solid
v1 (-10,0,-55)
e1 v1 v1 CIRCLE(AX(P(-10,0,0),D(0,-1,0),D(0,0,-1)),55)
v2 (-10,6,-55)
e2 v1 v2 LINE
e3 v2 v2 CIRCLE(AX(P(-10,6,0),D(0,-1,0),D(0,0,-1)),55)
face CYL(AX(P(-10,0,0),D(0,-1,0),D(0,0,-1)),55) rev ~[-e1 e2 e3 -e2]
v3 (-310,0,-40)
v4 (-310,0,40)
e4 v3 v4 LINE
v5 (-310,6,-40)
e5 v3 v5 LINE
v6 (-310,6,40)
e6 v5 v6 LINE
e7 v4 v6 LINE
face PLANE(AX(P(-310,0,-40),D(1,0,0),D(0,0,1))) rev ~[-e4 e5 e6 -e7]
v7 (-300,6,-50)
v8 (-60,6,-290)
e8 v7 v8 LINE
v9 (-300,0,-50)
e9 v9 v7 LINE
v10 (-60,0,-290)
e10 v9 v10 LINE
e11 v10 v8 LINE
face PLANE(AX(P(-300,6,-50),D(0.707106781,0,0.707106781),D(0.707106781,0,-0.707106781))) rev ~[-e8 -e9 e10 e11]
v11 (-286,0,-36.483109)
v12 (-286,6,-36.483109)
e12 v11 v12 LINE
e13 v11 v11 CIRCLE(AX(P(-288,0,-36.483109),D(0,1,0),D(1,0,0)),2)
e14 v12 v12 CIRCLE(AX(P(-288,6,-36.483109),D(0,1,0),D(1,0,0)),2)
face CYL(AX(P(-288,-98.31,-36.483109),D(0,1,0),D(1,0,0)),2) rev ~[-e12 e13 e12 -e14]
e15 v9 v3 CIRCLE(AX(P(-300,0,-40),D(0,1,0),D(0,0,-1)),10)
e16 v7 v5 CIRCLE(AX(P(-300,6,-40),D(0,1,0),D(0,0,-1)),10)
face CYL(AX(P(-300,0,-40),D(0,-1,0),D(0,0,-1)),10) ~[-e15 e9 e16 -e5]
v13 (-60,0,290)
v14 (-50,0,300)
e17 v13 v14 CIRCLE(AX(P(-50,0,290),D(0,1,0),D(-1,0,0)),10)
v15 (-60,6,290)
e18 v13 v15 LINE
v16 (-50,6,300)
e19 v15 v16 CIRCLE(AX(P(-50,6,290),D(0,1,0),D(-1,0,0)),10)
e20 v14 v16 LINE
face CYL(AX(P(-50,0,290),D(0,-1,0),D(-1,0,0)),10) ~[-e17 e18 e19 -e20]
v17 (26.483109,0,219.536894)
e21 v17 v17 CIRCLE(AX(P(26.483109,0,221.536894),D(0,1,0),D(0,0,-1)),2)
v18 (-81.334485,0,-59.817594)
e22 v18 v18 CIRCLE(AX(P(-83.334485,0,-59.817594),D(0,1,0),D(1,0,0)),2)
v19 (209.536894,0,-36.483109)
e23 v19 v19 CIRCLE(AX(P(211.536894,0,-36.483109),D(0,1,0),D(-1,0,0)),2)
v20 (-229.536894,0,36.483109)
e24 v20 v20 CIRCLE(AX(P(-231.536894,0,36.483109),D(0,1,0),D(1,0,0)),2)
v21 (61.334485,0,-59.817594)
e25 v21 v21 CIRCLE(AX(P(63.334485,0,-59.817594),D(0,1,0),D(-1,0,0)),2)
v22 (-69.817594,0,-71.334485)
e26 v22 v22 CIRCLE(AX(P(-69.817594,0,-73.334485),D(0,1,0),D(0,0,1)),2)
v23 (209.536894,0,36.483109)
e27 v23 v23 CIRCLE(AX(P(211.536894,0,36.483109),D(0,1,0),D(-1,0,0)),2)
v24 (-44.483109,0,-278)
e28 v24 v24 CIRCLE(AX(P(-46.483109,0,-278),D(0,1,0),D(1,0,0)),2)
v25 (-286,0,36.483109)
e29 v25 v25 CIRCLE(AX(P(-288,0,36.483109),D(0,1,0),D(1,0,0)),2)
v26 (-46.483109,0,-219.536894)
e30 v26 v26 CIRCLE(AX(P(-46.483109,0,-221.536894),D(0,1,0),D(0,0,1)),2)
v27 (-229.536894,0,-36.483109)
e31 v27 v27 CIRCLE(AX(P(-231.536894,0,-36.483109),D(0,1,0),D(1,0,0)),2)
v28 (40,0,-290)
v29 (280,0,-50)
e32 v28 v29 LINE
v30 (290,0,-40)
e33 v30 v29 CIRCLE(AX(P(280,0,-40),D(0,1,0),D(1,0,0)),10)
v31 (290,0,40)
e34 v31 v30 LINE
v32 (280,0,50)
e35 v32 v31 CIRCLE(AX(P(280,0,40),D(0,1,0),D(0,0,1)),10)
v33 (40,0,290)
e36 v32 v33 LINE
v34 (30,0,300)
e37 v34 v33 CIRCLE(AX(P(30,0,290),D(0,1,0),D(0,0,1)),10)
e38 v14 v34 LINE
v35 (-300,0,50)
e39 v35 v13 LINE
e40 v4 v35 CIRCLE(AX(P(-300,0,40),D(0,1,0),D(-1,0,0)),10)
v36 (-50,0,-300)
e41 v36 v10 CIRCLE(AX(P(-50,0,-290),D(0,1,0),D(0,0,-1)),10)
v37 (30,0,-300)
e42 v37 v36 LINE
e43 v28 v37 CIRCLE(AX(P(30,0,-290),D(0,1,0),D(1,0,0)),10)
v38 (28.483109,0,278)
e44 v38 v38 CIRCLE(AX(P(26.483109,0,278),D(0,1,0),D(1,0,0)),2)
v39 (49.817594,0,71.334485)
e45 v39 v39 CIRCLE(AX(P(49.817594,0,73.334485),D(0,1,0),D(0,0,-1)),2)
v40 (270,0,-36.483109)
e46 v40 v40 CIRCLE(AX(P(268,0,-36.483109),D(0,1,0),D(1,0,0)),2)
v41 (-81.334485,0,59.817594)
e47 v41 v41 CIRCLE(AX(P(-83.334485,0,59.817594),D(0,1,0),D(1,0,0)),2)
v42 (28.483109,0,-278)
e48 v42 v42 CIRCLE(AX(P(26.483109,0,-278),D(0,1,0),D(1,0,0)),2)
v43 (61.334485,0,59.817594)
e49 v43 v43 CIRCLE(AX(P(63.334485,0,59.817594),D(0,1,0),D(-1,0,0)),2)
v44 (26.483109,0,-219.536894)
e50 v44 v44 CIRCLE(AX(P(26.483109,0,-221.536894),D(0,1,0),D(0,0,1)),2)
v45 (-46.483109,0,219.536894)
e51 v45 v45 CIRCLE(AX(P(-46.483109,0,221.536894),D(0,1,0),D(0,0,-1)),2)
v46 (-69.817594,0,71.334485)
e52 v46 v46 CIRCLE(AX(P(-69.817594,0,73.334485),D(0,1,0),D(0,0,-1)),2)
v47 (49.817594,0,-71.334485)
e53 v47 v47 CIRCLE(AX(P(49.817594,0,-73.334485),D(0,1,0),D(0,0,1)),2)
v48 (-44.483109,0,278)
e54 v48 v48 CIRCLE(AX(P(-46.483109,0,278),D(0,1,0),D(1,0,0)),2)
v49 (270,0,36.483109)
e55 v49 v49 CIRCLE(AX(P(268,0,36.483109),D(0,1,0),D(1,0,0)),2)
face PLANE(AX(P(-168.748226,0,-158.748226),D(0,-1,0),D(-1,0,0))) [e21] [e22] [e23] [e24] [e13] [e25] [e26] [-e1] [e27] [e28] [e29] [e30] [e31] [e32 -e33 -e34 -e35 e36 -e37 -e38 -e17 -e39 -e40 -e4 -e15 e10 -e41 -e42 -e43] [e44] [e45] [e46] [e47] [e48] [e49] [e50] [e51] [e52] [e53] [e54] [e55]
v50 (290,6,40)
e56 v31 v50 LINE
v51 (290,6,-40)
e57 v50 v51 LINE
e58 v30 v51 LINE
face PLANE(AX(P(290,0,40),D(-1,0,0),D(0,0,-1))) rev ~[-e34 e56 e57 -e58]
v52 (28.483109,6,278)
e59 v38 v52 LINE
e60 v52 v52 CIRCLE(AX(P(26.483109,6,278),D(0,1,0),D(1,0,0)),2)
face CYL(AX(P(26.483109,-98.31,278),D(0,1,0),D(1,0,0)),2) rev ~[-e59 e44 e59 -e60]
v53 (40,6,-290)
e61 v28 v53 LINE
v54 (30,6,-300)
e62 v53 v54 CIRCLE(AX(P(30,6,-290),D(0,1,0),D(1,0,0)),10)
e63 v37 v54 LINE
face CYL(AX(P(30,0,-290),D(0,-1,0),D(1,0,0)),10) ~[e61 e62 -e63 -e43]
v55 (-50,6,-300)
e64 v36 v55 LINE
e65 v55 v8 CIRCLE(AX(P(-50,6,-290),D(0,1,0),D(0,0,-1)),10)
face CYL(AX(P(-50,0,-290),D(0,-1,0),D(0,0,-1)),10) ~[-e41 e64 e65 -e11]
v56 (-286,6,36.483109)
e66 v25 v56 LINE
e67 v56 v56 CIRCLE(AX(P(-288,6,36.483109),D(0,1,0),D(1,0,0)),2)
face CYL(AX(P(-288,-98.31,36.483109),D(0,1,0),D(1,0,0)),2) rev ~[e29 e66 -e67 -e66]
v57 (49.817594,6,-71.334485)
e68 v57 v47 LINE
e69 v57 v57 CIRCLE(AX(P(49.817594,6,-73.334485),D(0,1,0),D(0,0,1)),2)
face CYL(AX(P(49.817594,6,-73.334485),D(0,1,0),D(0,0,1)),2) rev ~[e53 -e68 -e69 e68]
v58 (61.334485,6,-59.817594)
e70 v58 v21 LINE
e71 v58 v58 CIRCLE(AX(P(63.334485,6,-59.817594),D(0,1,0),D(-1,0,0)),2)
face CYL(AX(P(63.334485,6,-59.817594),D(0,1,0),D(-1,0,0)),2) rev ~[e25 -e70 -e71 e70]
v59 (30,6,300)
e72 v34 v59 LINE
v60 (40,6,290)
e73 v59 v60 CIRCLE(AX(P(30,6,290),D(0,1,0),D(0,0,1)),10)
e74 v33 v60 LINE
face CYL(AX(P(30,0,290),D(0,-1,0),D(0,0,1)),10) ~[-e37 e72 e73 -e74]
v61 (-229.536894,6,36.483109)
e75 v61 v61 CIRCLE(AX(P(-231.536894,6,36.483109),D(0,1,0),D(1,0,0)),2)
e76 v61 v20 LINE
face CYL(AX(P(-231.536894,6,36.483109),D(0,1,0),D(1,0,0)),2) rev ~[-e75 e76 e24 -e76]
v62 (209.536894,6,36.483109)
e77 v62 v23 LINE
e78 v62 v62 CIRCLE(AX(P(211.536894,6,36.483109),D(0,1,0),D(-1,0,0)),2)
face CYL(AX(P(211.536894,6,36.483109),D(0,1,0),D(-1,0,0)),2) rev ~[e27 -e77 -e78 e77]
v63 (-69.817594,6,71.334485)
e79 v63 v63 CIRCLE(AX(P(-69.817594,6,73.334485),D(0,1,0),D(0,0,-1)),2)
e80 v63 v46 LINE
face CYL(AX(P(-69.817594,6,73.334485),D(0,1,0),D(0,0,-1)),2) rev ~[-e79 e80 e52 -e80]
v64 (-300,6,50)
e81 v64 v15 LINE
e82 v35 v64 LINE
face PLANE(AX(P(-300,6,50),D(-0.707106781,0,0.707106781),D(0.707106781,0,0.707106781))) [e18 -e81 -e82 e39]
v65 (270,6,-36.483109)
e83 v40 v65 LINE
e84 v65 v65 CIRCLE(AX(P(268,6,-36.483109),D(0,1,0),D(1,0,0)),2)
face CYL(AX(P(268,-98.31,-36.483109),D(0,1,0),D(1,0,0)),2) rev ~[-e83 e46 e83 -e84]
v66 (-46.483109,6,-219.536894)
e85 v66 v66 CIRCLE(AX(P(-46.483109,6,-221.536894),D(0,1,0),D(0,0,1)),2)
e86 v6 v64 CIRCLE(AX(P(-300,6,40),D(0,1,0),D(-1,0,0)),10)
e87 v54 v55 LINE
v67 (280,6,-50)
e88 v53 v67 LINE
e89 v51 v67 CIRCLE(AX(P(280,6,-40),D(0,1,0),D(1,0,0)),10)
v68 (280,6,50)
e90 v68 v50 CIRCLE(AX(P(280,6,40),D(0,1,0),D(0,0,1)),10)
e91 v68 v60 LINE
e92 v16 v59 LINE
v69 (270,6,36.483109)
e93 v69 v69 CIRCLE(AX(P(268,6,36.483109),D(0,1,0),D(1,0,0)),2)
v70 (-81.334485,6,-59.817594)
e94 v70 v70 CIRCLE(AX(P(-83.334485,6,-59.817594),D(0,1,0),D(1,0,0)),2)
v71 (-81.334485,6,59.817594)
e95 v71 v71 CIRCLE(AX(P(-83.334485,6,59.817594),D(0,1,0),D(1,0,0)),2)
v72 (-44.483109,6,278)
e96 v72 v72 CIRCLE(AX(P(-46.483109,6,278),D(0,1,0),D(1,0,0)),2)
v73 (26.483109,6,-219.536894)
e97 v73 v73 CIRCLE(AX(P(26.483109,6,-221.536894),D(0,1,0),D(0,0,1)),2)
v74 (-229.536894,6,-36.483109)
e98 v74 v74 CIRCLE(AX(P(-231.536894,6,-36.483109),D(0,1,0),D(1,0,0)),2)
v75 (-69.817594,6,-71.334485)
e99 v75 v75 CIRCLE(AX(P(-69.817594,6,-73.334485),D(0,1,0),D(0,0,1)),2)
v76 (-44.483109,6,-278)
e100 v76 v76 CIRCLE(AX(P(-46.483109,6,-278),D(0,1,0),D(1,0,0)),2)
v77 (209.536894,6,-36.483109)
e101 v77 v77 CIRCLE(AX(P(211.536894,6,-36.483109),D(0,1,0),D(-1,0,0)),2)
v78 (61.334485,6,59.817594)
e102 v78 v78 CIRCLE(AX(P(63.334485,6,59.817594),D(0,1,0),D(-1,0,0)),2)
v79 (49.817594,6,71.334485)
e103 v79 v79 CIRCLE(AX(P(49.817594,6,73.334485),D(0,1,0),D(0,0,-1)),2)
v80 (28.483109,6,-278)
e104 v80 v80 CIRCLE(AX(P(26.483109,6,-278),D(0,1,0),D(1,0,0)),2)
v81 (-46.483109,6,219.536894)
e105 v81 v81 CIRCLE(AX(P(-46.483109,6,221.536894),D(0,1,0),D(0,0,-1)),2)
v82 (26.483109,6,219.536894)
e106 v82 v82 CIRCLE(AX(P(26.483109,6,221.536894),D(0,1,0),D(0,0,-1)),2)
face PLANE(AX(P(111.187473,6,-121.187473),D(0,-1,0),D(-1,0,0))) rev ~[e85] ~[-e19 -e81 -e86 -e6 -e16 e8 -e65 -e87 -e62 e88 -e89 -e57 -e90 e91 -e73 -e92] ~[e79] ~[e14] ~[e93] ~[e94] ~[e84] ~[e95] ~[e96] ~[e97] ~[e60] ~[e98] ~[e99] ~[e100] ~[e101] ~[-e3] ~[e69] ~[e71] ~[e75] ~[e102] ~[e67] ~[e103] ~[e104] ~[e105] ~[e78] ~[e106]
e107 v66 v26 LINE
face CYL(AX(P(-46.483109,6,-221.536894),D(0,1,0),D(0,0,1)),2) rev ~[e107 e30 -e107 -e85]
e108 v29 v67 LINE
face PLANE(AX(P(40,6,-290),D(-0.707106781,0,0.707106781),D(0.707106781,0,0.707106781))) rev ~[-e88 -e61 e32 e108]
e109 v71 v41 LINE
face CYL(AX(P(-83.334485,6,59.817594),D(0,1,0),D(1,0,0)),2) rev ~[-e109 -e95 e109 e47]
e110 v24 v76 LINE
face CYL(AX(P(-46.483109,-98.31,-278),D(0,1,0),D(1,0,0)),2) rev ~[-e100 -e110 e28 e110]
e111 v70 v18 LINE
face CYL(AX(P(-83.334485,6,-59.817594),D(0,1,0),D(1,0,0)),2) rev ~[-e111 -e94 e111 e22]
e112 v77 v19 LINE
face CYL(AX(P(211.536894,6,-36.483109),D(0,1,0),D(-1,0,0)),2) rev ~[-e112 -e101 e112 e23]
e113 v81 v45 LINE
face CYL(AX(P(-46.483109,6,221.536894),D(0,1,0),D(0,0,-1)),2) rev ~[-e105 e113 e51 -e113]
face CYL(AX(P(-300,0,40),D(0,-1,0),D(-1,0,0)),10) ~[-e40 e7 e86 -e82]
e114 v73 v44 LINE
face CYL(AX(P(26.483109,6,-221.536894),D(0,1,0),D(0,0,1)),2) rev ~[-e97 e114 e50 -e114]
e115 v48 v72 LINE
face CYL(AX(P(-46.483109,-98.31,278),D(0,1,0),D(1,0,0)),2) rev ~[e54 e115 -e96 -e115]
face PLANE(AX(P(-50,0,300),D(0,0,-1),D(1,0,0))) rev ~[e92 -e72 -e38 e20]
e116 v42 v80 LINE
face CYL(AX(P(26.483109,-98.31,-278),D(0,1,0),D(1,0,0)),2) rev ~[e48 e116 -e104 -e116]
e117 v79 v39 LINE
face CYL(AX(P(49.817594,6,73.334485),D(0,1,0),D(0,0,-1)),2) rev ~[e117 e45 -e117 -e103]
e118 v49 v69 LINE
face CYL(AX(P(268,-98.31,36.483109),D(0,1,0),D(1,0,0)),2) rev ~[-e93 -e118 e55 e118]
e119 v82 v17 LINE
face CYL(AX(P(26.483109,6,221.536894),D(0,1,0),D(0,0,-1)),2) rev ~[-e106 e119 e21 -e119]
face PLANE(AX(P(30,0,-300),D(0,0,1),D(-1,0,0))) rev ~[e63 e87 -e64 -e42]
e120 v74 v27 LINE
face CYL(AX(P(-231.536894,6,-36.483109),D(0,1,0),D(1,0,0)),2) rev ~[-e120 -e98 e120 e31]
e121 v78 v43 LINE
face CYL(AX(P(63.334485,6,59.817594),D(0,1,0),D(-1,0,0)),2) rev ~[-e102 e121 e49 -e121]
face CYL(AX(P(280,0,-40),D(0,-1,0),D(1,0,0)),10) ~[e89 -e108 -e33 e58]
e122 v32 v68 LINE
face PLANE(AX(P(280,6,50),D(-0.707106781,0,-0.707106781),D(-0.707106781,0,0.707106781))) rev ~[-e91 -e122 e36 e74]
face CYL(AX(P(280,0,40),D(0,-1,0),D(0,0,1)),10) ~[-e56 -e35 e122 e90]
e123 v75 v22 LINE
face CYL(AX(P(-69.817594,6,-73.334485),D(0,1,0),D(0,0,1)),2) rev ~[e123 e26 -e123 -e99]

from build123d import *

# Parameters (mm, degrees)
BOSS_EXTRUDE1_DEPTH       = 6
SKETCH4_R                 = 0.495653738
CUT_EXTRUDE3_DEPTH        = 10
BOSS_EXTRUDE3_DEPTH       = 6
SKETCH6_R                 = 2
SKETCH6_R_2               = 4
CUT_EXTRUDE4_DEPTH        = 12
CIRPATTERN1_COUNT         = 4
BOSS_EXTRUDE4_DEPTH       = 6
F_4_0MM_DOWEL_HOLE5_D     = 4
F_4_0MM_DOWEL_HOLE5_DEPTH = 25.4
F_4_0MM_DOWEL_HOLE5_TIP   = 1.201721238
F_4_0MM_DOWEL_HOLE4_D     = 4
F_4_0MM_DOWEL_HOLE4_DEPTH = 98.31
F_4_0MM_DOWEL_HOLE4_TIP   = 1.201721238
SKETCH31_R                = 55
CUT_EXTRUDE7_DEPTH        = 22
SKETCH32_R                = 3.837227577
SKETCH32_R_2              = 3.691246821
SKETCH32_R_3              = 4.005777273
SKETCH32_R_4              = 3.413782358
SKETCH32_R_5              = 2.946286388
SKETCH32_R_6              = 2.662859758
SKETCH32_R_7              = 3.21029216
SKETCH32_R_8              = 3.304223232
SKETCH32_R_9              = 3.416276983
SKETCH32_R_10             = 5.576814982
SKETCH32_R_11             = 3.327214885
SKETCH32_R_12             = 3.217650006
SKETCH32_R_13             = 3.084152149
SKETCH32_R_14             = 2.850354754
SKETCH32_R_15             = 3.581653386
SKETCH32_R_16             = 3.209735743
SKETCH32_R_17             = 5.223630371
SKETCH32_R_18             = 3.239996293
SKETCH32_R_19             = 6.217574628
SKETCH32_R_20             = 3.281482388
SKETCH32_R_21             = 4.010466873
SKETCH32_R_22             = 4.080831309
SKETCH32_R_23             = 4.290737966
SKETCH32_R_24             = 4.085305416
SKETCH32_R_25             = 4.488085615
SKETCH32_R_26             = 4.89911642
SKETCH32_R_27             = 5.474778022
SKETCH32_R_28             = 7.813771611
SKETCH32_R_29             = 3.187569437
SKETCH32_R_30             = 2.929784552
SKETCH32_R_31             = 4.009606332
SKETCH32_R_32             = 4.090801563
BOSS_EXTRUDE5_DEPTH       = 6


with BuildPart() as part:
    # Sketch1 → Boss-Extrude1 (new body)
    with BuildSketch(Plane(origin=(0, 0, 0), x_dir=(1, 0, 0), z_dir=(0, 1, 0))):
        with BuildLine():
            Line((-110, 50), (-300, 50))
            ThreePointArc((-300, 50), (-307.071067812, 47.071067812), (-310, 40))
            Line((-310, 40), (-310, -40))
            ThreePointArc((-310, -40), (-307.071067812, -47.071067812), (-300, -50))
            Line((-300, -50), (-110, -50))
            Line((-110, -50), (-60, -100))
            Line((-60, -100), (-60, -290))
            ThreePointArc((-60, -290), (-57.071067812, -297.071067812), (-50, -300))
            Line((-50, -300), (30, -300))
            ThreePointArc((30, -300), (37.071067812, -297.071067812), (40, -290))
            Line((40, -290), (40, -100))
            Line((40, -100), (90, -50))
            Line((90, -50), (280, -50))
            ThreePointArc((280, -50), (287.071067812, -47.071067812), (290, -40))
            Line((290, -40), (290, 40))
            ThreePointArc((290, 40), (287.071067812, 47.071067812), (280, 50))
            Line((280, 50), (90, 50))
            Line((90, 50), (40, 100))
            Line((40, 100), (40, 290))
            ThreePointArc((40, 290), (37.071067812, 297.071067812), (30, 300))
            Line((30, 300), (-50, 300))
            ThreePointArc((-50, 300), (-57.071067812, 297.071067812), (-60, 290))
            Line((-60, 290), (-60, 100))
            Line((-60, 100), (-110, 50))
        make_face()
    extrude(amount=BOSS_EXTRUDE1_DEPTH)

    # Sketch4 → Cut-Extrude3 (cut)
    with BuildSketch(Plane(origin=(0, 6, 0), x_dir=(1, 0, 0), z_dir=(0, 1, 0))):
        with Locations(Location((-10, 0, 0), (0, 0, 270))):
            Circle(SKETCH4_R)
    extrude(amount=-CUT_EXTRUDE3_DEPTH, mode=Mode.SUBTRACT)

    # Sketch5 → Boss-Extrude3 (add)
    with BuildSketch(Plane(origin=(0, 6, 0), x_dir=(1, 0, 0), z_dir=(0, 1, 0))):
        Polygon((-300, 50), (-60, 290), (-60, 240), (-250, 50), align=None)
        Polygon((40, 290), (280, 50), (230, 50), (40, 240), align=None)
        Polygon((280, -50), (40, -290), (40, -240), (230, -49.07797178), align=None)
        Polygon((-300, -50), (-60, -290), (-60, -240), (-250, -50), align=None)
    extrude(amount=-BOSS_EXTRUDE3_DEPTH)

    # Sketch6 → Cut-Extrude4 (cut)
    with BuildSketch(Plane(origin=(0, 6, 0), x_dir=(1, 0, 0), z_dir=(0, 1, 0))):
        with Locations(Location((-37.824146891, 287.83697558, 0), (0, 0, 270))):
            Circle(SKETCH6_R)
        with Locations(Location((-37.824146891, 272.83697558, 0), (0, 0, 270))):
            Circle(SKETCH6_R)
        with Locations(Location((-46.483109463, 221.536893944, 0), (0, 0, 270))):
            Circle(SKETCH6_R)
        with Locations(Location((-46.483109463, 135.06793836, 0), (0, 0, 270))):
            Circle(SKETCH6_R)
        with Locations(Location((-69.817594081, 73.334484618, 0), (0, 0, 270))):
            Circle(SKETCH6_R)
        with Locations(Location((49.817594081, 73.334484618, 0), (0, 0, 270))):
            Circle(SKETCH6_R)
        with Locations(Location((26.483109463, 135.06793836, 0), (0, 0, 270))):
            Circle(SKETCH6_R)
        with Locations(Location((26.483109463, 221.536893944, 0), (0, 0, 270))):
            Circle(SKETCH6_R)
        with Locations(Location((191.360389693, 113.639610307, 0), (0, 0, 270))):
            Circle(SKETCH6_R)
        with Locations(Location((128.639610307, 176.360389693, 0), (0, 0, 270))):
            Circle(SKETCH6_R)
        with Locations(Location((17.824146891, 272.83697558, 0), (0, 0, 270))):
            Circle(SKETCH6_R)
        with Locations(Location((17.824146891, 287.83697558, 0), (0, 0, 270))):
            Circle(SKETCH6_R)
        with Locations(Location((-10, 0, 0), (0, 0, 270))):
            Circle(SKETCH6_R_2)
    cut_extrude4 = extrude(amount=-CUT_EXTRUDE4_DEPTH, mode=Mode.SUBTRACT)

    # CirPattern1: Cut-Extrude4 ×4 about axis
    cirpattern1_axis = Axis((-10, 0, 0), (0, 1, 0))
    for i in range(1, CIRPATTERN1_COUNT):
        add(cut_extrude4.rotate(cirpattern1_axis, i * 360 / CIRPATTERN1_COUNT), mode=Mode.SUBTRACT)

    # Sketch7 → Boss-Extrude4 (add)
    with BuildSketch(Plane(origin=(0, 6, 0), x_dir=(1, 0, 0), z_dir=(0, 1, 0))):
        Polygon((40, 240), (230, 50), (90, 50), (40, 100), align=None)
        Polygon((90, -50), (229.082424571, -50), (40, -240), (40, -100), align=None)
        Polygon((-60, 240), (-60, 100), (-110, 50), (-250, 50), align=None)
        Polygon((-110, -50), (-60, -100), (-60, -240), (-250, -50), align=None)
    extrude(amount=-BOSS_EXTRUDE4_DEPTH)

    # Ø4.0mm Dowel Hole5
    with Locations(Plane(origin=(0, 6, 0), x_dir=(1, 0, 0), z_dir=(0, 1, 0))):
        with Locations((-29.100763253, 23.781275186), (32.712886556, 23.781275186), (31.383087371, -32.5), (-30.430562437, -32.5)):
            Hole(F_4_0MM_DOWEL_HOLE5_D / 2, depth=F_4_0MM_DOWEL_HOLE5_DEPTH)
            with Locations((0, 0, -(F_4_0MM_DOWEL_HOLE5_DEPTH + F_4_0MM_DOWEL_HOLE5_TIP / 2))):  # 118° drill point
                Cone(0, F_4_0MM_DOWEL_HOLE5_D / 2, F_4_0MM_DOWEL_HOLE5_TIP, mode=Mode.SUBTRACT)

    # Ø4.0mm Dowel Hole4
    with Locations(Plane(origin=(0, 0, 0), x_dir=(-1, 0, 0), z_dir=(0, -1, 0))):
        with Locations((46.483109463, -278), (-26.483109463, -278), (-268, -36.483109463), (-268, 36.483109463), (-26.483109463, 278), (46.483109463, 278), (288, 36.483109463), (288, -36.483109463)):
            Hole(F_4_0MM_DOWEL_HOLE4_D / 2, depth=F_4_0MM_DOWEL_HOLE4_DEPTH)
            with Locations((0, 0, -(F_4_0MM_DOWEL_HOLE4_DEPTH + F_4_0MM_DOWEL_HOLE4_TIP / 2))):  # 118° drill point
                Cone(0, F_4_0MM_DOWEL_HOLE4_D / 2, F_4_0MM_DOWEL_HOLE4_TIP, mode=Mode.SUBTRACT)

    # Sketch31 → Cut-Extrude7 (cut)
    with BuildSketch(Plane.XZ):
        with Locations(Location((-10, 0, 0), (0, 0, 270))):
            Circle(SKETCH31_R)
    extrude(amount=-CUT_EXTRUDE7_DEPTH, mode=Mode.SUBTRACT)

    # Sketch32 → Boss-Extrude5 (add)
    with BuildSketch(Plane.XZ):
        with Locations((-148.639610307, 176.360389693)):
            Circle(SKETCH32_R)
        with Locations((-211.360389693, 113.639610307)):
            Circle(SKETCH32_R_2)
        with Locations((-282.83697558, 27.824146891)):
            Circle(SKETCH32_R_3)
        with Locations((-297.83697558, 27.824146891)):
            Circle(SKETCH32_R_4)
        with Locations((-297.83697558, -27.824146891)):
            Circle(SKETCH32_R_5)
        with Locations((-282.83697558, -27.824146891)):
            Circle(SKETCH32_R_6)
        with Locations((-145.06793836, -36.483109463)):
            Circle(SKETCH32_R_7)
        with Locations((-145.06793836, 36.457377156)):
            Circle(SKETCH32_R_8)
        with Locations((-186.360389693, -138.639610307)):
            Circle(SKETCH32_R_9)
        with Locations((-123.838638112, -202.788762732)):
            Circle(SKETCH32_R_10)
        with Locations((-37.824146891, -272.83697558)):
            Circle(SKETCH32_R_11)
        with Locations((-37.824146891, -287.83697558)):
            Circle(SKETCH32_R_12)
        with Locations((17.824146891, -287.83697558)):
            Circle(SKETCH32_R_13)
        with Locations((17.824146891, -272.83697558)):
            Circle(SKETCH32_R_14)
        with Locations((26.483109463, -135.06793836)):
            Circle(SKETCH32_R_15)
        with Locations((-46.483109463, -135.06793836)):
            Circle(SKETCH32_R_16)
        with Locations((128.639610307, -176.360389693)):
            Circle(SKETCH32_R_17)
        with Locations((125.06793836, -37.248921052)):
            Circle(SKETCH32_R_18)
        with Locations((190.399105171, -114.010951532)):
            Circle(SKETCH32_R_19)
        with Locations((125.253969426, 35.650797055)):
            Circle(SKETCH32_R_20)
        with Locations((277.982195025, 26.611427969)):
            Circle(SKETCH32_R_21)
        with Locations((262.862191843, 26.611427969)):
            Circle(SKETCH32_R_22)
        with Locations((261.817821155, -27.824146891)):
            Circle(SKETCH32_R_23)
        with Locations((277.008476777, -28.651243723)):
            Circle(SKETCH32_R_24)
        with Locations((25.470022372, 134.658293559)):
            Circle(SKETCH32_R_25)
        with Locations((-46.142219861, 134.074156368)):
            Circle(SKETCH32_R_26)
        with Locations((102.990893209, 200.50311812)):
            Circle(SKETCH32_R_27)
        with Locations((165.946806213, 137.06793836)):
            Circle(SKETCH32_R_28)
        with Locations((17.414125568, 272.231636603)):
            Circle(SKETCH32_R_29)
        with Locations((17.181225285, 287.538992514)):
            Circle(SKETCH32_R_30)
        with Locations((-38.293050813, 286.797735955)):
            Circle(SKETCH32_R_31)
        with Locations((-38.831274267, 271.695880736)):
            Circle(SKETCH32_R_32)
    extrude(amount=-BOSS_EXTRUDE5_DEPTH)


solid = part.part
